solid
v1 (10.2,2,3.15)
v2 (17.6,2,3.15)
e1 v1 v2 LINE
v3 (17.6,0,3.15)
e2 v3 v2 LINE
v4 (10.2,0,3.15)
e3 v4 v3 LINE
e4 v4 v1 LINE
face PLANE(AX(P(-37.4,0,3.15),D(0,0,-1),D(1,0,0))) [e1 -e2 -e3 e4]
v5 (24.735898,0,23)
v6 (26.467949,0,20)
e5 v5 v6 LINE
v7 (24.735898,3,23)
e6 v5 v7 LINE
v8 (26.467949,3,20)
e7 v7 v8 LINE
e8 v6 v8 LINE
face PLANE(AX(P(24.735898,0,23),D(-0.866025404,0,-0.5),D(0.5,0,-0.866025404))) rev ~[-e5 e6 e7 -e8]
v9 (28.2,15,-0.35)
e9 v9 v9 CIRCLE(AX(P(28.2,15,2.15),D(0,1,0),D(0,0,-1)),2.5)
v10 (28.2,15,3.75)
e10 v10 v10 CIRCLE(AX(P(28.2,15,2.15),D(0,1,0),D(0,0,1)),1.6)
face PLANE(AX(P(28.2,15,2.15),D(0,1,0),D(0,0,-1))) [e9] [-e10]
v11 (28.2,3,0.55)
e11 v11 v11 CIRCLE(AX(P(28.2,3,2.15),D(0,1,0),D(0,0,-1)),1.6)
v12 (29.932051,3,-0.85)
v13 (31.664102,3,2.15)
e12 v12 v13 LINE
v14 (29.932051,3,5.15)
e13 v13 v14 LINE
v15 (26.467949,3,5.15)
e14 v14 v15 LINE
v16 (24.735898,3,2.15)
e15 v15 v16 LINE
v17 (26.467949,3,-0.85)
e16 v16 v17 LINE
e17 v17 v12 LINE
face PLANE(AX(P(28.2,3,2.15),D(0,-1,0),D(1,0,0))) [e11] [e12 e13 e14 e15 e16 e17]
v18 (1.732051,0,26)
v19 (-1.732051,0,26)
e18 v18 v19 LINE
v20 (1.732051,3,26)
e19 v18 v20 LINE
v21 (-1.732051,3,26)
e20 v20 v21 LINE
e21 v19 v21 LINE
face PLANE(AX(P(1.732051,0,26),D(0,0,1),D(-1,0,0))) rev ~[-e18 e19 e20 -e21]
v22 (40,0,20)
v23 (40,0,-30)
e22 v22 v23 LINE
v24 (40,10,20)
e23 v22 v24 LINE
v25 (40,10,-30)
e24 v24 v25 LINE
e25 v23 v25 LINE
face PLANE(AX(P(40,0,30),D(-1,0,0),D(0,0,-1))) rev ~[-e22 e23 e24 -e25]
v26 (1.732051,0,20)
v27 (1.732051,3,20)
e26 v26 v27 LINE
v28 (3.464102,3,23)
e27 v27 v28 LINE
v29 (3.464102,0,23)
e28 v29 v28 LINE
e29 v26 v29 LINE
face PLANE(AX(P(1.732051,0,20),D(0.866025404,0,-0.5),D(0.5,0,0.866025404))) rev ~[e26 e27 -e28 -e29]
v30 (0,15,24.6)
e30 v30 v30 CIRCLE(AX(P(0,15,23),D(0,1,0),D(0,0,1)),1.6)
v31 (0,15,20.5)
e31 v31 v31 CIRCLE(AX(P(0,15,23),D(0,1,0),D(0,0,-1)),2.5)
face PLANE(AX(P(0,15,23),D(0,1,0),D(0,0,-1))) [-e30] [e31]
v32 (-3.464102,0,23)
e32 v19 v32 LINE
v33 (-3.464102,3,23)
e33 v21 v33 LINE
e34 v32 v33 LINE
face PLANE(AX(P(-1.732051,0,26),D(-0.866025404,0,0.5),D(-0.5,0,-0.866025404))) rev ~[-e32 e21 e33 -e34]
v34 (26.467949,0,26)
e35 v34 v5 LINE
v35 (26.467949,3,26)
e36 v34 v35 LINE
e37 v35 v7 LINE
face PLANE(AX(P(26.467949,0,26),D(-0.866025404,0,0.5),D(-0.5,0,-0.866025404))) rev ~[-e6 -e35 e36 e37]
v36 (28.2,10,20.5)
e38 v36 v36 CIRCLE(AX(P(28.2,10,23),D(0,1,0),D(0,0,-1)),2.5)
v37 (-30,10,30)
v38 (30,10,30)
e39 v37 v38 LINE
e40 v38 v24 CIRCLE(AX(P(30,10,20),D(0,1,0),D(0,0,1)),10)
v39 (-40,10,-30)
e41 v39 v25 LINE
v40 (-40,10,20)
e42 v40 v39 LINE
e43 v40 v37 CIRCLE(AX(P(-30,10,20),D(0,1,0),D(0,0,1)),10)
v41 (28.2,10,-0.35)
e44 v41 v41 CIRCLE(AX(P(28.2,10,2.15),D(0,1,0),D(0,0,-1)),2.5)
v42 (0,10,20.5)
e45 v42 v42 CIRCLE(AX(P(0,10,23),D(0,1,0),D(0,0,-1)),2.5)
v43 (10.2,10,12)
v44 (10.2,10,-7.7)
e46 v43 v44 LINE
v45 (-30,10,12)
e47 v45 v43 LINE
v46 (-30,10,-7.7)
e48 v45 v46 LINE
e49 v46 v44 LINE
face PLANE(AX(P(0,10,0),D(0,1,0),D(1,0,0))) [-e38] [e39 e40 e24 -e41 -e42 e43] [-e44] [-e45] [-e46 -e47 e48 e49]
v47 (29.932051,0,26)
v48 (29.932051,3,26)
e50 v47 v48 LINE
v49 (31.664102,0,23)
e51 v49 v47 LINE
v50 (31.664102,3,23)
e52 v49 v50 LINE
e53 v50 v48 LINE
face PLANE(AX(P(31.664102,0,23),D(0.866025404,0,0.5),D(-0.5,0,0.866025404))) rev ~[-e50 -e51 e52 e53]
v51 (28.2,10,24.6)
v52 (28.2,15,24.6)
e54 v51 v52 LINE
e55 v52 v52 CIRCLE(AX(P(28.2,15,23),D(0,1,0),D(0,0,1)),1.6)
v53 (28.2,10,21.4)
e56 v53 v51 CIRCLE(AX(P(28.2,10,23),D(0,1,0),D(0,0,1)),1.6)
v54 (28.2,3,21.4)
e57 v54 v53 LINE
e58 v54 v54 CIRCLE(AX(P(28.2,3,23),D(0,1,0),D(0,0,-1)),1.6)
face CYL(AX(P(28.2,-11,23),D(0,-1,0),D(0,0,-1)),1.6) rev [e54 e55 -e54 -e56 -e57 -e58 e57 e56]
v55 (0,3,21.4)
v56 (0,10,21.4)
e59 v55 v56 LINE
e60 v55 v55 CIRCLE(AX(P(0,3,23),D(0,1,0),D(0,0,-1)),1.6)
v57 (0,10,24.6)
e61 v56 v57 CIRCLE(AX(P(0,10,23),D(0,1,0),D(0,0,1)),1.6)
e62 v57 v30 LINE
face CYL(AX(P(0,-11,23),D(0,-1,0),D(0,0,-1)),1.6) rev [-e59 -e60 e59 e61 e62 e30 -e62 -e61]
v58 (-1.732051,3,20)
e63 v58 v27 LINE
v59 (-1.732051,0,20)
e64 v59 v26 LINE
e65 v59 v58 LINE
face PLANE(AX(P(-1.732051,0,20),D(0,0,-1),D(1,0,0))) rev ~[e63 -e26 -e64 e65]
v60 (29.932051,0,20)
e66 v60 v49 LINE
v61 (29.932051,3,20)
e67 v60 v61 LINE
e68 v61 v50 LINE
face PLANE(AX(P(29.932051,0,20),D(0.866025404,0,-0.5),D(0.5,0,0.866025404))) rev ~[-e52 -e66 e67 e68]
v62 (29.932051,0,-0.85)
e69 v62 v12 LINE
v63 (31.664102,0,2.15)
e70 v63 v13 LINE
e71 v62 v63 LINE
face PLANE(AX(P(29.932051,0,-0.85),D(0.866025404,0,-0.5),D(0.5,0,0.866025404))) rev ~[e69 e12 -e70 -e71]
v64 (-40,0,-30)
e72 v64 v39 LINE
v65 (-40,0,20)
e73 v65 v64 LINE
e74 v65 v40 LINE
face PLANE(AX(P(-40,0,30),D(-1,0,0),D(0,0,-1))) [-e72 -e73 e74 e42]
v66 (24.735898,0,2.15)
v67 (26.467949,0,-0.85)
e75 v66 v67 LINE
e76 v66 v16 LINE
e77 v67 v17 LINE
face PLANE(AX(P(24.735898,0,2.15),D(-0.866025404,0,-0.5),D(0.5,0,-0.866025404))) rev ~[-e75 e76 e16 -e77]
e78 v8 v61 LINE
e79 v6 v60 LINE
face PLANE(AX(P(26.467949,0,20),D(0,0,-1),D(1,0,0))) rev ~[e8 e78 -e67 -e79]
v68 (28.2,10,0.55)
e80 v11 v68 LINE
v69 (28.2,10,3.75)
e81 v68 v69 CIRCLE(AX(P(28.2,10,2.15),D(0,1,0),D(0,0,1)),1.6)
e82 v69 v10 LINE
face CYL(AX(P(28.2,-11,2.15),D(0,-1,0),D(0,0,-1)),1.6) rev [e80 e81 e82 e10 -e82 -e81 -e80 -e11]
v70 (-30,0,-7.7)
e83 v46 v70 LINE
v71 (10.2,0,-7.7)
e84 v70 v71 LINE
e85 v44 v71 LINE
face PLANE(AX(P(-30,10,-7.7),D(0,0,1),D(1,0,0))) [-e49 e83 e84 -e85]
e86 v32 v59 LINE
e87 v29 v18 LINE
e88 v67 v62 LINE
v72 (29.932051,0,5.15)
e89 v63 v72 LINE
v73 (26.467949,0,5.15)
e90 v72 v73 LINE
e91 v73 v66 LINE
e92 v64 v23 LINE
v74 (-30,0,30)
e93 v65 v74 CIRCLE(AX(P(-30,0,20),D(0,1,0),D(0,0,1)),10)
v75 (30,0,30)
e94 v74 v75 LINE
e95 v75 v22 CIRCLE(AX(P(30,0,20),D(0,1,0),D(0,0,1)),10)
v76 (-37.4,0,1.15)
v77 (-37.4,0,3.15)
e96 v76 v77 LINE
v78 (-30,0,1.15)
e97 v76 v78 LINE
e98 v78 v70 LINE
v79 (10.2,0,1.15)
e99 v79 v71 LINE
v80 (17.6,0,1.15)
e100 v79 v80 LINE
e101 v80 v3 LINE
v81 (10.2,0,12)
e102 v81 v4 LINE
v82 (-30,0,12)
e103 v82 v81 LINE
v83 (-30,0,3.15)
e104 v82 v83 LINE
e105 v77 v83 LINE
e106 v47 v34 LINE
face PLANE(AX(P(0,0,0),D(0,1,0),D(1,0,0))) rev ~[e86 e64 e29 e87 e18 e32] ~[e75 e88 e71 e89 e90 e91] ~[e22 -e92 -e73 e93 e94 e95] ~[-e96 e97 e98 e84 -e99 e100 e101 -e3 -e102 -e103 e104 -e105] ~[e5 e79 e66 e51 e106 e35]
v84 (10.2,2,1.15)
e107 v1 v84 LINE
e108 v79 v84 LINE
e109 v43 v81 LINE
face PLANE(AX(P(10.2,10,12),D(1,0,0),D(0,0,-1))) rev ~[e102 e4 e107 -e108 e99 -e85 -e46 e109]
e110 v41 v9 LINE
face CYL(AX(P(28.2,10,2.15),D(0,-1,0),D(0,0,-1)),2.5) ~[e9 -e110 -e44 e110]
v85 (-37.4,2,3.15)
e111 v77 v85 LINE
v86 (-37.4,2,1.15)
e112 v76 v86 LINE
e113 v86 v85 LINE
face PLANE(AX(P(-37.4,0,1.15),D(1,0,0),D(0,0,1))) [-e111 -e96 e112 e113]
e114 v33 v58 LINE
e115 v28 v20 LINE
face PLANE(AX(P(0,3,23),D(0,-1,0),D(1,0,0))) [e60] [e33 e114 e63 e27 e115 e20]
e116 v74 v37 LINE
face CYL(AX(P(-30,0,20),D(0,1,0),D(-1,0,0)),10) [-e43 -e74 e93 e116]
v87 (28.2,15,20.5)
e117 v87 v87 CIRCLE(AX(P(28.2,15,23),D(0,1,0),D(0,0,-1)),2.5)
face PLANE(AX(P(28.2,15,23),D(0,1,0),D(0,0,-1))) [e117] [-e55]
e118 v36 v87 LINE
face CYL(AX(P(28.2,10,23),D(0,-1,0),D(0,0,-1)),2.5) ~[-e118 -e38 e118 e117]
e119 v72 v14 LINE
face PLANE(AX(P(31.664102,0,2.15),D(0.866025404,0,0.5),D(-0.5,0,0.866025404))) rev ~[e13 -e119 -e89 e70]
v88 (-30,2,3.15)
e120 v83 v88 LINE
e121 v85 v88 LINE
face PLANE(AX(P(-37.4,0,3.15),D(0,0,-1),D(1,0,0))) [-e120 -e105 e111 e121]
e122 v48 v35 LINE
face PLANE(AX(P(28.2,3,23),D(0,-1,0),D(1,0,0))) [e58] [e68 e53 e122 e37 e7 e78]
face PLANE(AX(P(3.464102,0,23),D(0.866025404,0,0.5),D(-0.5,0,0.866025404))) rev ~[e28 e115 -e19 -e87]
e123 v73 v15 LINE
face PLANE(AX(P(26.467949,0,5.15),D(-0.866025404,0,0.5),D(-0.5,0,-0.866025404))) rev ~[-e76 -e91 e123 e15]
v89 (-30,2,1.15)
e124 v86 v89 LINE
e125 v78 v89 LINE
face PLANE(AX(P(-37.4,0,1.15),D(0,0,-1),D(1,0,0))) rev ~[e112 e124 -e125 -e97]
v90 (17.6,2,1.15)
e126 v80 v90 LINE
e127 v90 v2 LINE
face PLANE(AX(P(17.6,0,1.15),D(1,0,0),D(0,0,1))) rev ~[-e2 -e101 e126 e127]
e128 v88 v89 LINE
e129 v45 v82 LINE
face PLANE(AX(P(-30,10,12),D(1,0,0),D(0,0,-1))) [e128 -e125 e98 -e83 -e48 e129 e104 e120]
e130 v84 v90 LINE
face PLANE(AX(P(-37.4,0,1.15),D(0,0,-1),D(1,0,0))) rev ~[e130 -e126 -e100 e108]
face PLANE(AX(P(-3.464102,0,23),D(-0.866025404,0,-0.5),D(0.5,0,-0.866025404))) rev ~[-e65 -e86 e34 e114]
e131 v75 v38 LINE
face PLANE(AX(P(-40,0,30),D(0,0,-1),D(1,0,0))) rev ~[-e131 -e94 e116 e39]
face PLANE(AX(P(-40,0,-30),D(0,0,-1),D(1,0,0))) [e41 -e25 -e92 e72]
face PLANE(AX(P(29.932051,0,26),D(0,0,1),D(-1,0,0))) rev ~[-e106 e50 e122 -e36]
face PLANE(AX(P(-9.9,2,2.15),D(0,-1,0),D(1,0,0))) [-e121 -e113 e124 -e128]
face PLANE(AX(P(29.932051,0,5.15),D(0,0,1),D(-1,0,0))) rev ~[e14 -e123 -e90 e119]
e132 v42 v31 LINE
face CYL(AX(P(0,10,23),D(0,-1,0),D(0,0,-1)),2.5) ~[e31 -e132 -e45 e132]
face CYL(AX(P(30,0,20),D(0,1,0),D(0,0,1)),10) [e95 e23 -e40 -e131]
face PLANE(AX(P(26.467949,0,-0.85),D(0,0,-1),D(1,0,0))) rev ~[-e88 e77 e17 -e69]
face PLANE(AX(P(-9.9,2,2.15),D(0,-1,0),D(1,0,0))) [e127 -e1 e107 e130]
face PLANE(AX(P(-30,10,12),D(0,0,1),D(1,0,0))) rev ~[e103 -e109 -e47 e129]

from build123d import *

# Parameters (mm, degrees)
SKETCH2_W           = 80
SKETCH2_H           = 60
BOSS_EXTRUDE1_DEPTH = 10
SKETCH3_W           = 40.2
SKETCH3_H           = 19.7
CUT_EXTRUDE1_DEPTH  = 10
FILLET1_R           = 10
SKETCH4_R           = 2.5
SKETCH4_R_2         = 1.6
BOSS_EXTRUDE2_DEPTH = 5
CUT_EXTRUDE2_START  = -21
SKETCH5_R           = 1.6
CUT_EXTRUDE2_DEPTH  = 21
SKETCH7_W           = 55
SKETCH7_H           = 2
CUT_EXTRUDE3_DEPTH  = 2
CUT_EXTRUDE4_DEPTH  = 3


with BuildPart() as part:
    # Sketch2 → Boss-Extrude1 (new body)
    with BuildSketch(Plane(origin=(0, 0, 0), x_dir=(1, 0, 0), z_dir=(0, 1, 0))):
        Rectangle(SKETCH2_W, SKETCH2_H)
    extrude(amount=BOSS_EXTRUDE1_DEPTH)

    # Sketch3 → Cut-Extrude1 (cut)
    with BuildSketch(Plane(origin=(0, 10, 0), x_dir=(1, 0, 0), z_dir=(0, 1, 0))):
        with Locations((-9.9, -2.15)):
            Rectangle(SKETCH3_W, SKETCH3_H)
    extrude(amount=-CUT_EXTRUDE1_DEPTH, mode=Mode.SUBTRACT)

    # Fillet1
    fillet1_edges = [part.edges().sort_by_distance(p)[0] for p in [
        (40, 5, 30),
        (-40, 5, 30),
    ]]
    fillet(fillet1_edges, radius=FILLET1_R)

    # Sketch4 → Boss-Extrude2 (add)
    # profile 1 of 3: a face of its own
    with BuildSketch(Plane(origin=(0, 10, 0), x_dir=(1, 0, 0), z_dir=(0, 1, 0))):
        with Locations(Location((28.2, -2.15, 0), (0, 0, 90))):
            Circle(SKETCH4_R)
        with Locations(Location((28.2, -2.15, 0), (0, 0, 270))):
            Circle(SKETCH4_R_2, mode=Mode.SUBTRACT)
    # profile 2 of 3: a face of its own
    with BuildSketch(Plane(origin=(0, 10, 0), x_dir=(1, 0, 0), z_dir=(0, 1, 0))):
        with Locations(Location((0, -23, 0), (0, 0, 90))):
            Circle(SKETCH4_R)
        with Locations(Location((0, -23, 0), (0, 0, 270))):
            Circle(SKETCH4_R_2, mode=Mode.SUBTRACT)
    # profile 3 of 3: a face of its own
    with BuildSketch(Plane(origin=(0, 10, 0), x_dir=(1, 0, 0), z_dir=(0, 1, 0))):
        with Locations(Location((28.2, -23, 0), (0, 0, 90))):
            Circle(SKETCH4_R)
        with Locations(Location((28.2, -23, 0), (0, 0, 270))):
            Circle(SKETCH4_R_2, mode=Mode.SUBTRACT)
    extrude(amount=BOSS_EXTRUDE2_DEPTH)

    # Sketch5 → Cut-Extrude2 (cut)
    with BuildSketch(Plane(origin=(0, 10, 0), x_dir=(1, 0, 0), z_dir=(0, 1, 0)).offset(CUT_EXTRUDE2_START)):
        with Locations(Location((0, -23, 0), (0, 0, 90))):
            Circle(SKETCH5_R)
        with Locations(Location((28.2, -23, 0), (0, 0, 90))):
            Circle(SKETCH5_R)
        with Locations(Location((28.2, -2.15, 0), (0, 0, 90))):
            Circle(SKETCH5_R)
    extrude(amount=CUT_EXTRUDE2_DEPTH, mode=Mode.SUBTRACT)

    # Sketch7 → Cut-Extrude3 (cut)
    with BuildSketch(Plane.XZ):
        with Locations((-9.9, 2.15)):
            Rectangle(SKETCH7_W, SKETCH7_H)
    extrude(amount=-CUT_EXTRUDE3_DEPTH, mode=Mode.SUBTRACT)

    # Sketch8 → Cut-Extrude4 (cut)
    with BuildSketch(Plane.XZ):
        Polygon((3.464101615, 23), (1.732050808, 26), (-1.732050808, 26), (-3.464101615, 23), (-1.732050808, 20), (1.732050808, 20), align=None)
        Polygon((31.664101615, 23), (29.932050808, 26), (26.467949192, 26), (24.735898385, 23), (26.467949192, 20), (29.932050808, 20), align=None)
        Polygon((31.664101615, 2.15), (29.932050808, 5.15), (26.467949192, 5.15), (24.735898385, 2.15), (26.467949192, -0.85), (29.932050808, -0.85), align=None)
    extrude(amount=-CUT_EXTRUDE4_DEPTH, mode=Mode.SUBTRACT)


solid = part.part
